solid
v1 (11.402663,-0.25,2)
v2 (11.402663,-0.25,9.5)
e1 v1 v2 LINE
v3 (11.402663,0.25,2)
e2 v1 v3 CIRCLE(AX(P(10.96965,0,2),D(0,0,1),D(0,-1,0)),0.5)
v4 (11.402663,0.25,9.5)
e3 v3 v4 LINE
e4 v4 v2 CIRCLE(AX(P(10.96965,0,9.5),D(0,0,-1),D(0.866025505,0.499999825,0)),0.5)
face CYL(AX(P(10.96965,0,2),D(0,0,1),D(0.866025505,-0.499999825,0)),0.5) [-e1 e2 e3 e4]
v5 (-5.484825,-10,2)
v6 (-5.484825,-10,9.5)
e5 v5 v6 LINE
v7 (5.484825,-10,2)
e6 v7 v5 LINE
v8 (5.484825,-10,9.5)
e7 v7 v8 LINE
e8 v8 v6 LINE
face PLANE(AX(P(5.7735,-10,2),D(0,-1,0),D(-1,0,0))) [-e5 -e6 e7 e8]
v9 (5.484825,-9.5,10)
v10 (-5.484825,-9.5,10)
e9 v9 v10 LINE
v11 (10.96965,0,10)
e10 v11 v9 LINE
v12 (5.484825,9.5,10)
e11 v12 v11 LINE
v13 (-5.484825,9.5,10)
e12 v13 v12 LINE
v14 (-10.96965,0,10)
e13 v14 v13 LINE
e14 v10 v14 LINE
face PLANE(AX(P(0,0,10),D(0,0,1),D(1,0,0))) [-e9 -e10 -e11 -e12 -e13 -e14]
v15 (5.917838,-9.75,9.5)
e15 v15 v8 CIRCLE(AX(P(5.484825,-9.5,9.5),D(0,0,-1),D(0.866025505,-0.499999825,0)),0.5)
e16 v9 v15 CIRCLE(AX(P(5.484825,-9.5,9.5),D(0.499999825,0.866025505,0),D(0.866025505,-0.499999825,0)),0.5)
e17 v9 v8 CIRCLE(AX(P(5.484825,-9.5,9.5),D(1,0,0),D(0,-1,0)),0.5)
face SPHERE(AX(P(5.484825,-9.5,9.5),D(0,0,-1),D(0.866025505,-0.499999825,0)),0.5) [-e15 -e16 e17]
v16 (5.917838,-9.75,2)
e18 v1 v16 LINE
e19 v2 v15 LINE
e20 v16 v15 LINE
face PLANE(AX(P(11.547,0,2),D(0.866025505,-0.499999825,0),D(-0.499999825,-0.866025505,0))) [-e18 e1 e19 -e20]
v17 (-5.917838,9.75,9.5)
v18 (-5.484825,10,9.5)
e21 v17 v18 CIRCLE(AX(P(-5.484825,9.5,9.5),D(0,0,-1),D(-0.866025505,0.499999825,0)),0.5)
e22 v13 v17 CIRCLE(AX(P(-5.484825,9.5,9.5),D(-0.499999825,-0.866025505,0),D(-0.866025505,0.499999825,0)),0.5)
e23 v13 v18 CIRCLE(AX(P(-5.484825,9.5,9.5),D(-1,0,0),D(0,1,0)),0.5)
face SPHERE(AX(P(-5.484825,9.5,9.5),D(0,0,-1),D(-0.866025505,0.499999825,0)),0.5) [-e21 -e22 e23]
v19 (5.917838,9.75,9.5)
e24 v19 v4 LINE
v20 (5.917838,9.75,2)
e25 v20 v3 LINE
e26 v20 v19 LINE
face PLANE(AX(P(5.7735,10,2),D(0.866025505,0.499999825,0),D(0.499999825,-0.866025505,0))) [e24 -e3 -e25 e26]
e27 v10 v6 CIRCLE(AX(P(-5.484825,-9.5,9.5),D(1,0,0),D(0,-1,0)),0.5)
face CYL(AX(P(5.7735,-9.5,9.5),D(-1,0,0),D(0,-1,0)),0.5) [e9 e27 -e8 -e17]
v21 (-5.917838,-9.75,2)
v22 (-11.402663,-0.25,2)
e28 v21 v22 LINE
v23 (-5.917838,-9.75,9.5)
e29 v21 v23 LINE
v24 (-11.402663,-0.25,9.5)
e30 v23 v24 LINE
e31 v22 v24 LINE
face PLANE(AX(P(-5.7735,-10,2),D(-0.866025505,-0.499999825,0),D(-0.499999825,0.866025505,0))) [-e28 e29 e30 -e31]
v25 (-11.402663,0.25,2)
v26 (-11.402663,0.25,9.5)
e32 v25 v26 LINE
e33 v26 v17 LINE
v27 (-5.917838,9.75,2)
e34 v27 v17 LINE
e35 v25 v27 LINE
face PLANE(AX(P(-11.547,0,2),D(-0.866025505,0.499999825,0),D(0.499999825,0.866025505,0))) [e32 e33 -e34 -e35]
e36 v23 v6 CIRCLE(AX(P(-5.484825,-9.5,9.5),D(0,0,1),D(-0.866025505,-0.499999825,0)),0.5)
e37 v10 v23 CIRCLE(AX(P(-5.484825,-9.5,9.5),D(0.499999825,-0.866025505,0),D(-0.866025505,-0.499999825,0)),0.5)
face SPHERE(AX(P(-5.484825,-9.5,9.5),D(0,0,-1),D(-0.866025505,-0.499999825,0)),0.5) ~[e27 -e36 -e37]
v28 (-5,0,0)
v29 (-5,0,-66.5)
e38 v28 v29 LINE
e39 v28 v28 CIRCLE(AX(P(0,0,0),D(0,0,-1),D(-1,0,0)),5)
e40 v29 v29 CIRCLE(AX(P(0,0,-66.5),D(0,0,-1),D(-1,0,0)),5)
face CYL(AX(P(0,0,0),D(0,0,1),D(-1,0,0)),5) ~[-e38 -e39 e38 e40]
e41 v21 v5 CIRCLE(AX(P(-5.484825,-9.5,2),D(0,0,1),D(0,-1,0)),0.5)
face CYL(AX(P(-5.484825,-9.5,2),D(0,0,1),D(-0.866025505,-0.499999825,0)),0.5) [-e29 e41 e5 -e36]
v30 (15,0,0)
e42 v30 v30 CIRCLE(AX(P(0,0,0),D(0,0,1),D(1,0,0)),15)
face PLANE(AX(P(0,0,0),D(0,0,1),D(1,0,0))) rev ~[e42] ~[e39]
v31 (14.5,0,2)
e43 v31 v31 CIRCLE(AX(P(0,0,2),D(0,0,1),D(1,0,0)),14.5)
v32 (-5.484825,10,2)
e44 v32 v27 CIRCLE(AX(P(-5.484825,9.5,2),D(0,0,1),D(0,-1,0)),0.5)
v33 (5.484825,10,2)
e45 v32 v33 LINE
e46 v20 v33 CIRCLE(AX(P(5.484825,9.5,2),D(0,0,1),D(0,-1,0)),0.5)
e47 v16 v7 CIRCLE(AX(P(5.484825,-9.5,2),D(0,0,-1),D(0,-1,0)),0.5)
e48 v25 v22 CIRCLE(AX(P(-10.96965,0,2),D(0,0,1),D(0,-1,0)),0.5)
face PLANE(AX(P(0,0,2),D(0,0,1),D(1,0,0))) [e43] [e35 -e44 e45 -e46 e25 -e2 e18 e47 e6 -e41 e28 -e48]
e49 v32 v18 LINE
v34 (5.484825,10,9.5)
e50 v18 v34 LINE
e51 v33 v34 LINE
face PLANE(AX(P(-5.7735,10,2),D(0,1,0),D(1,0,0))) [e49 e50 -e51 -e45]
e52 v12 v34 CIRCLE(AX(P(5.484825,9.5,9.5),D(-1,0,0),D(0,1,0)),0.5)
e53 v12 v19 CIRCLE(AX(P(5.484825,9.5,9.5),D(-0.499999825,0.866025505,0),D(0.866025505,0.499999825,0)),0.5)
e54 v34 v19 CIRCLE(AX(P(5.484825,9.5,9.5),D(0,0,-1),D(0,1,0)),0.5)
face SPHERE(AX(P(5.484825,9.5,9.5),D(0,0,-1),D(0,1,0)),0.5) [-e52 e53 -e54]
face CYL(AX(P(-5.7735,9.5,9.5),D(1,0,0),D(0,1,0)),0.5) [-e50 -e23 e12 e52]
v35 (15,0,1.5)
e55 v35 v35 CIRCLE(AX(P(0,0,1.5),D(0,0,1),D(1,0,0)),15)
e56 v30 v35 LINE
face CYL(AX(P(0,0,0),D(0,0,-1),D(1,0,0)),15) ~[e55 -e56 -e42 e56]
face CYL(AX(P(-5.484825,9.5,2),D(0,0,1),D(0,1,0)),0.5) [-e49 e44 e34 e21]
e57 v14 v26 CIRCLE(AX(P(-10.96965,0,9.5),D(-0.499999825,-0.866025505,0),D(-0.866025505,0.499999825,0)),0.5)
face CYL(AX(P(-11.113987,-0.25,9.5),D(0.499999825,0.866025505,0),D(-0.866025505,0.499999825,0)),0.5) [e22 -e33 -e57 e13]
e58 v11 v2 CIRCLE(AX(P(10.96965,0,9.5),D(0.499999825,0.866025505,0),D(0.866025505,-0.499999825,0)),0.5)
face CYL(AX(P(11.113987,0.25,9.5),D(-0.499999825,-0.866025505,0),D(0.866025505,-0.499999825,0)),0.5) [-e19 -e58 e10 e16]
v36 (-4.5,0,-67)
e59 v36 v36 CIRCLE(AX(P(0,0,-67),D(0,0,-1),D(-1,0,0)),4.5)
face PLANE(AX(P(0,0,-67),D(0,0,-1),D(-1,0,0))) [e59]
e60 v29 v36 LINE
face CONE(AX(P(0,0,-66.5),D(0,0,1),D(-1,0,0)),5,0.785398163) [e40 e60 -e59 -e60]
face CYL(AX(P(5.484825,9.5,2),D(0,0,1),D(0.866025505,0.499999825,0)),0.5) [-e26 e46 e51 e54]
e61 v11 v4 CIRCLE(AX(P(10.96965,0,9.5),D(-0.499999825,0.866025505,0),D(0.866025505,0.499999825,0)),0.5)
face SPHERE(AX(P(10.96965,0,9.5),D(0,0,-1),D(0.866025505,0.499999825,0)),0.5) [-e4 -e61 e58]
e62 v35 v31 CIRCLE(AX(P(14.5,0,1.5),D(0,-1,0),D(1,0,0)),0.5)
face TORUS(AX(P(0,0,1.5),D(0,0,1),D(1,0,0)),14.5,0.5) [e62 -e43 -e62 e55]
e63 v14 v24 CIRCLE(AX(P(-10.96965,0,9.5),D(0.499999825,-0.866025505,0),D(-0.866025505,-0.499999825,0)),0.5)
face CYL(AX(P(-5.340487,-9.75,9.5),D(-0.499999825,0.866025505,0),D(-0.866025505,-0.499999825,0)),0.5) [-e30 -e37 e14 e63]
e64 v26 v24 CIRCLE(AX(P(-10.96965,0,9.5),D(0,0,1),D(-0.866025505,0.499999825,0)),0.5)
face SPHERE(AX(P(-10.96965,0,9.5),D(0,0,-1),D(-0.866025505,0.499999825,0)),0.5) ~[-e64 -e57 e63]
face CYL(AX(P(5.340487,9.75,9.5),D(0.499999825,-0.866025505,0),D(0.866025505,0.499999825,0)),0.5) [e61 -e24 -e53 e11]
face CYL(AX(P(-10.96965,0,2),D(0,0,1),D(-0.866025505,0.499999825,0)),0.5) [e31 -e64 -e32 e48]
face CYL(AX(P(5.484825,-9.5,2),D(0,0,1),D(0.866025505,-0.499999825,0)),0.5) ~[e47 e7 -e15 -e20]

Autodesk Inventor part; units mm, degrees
ref_plane "YZ Plane" through (0, 0, 0) normal (1, 0, 0) x (0, 1, 0)
ref_plane "XZ Plane" through (0, 0, 0) normal (0, 1, 0) x (-1, 0, 0)
ref_plane "XY Plane" through (0, 0, 0) normal (0, 0, 1) x (1, 0, 0)
sketch "草图1" plane through (0, 0, 0) normal (0, 0, 1) x (1, 0, 0)
  circle A0 centre (0, 0) radius 15
  dimension "d0" = 30
extrude "拉伸1" add sketch "草图1" along normal blind 2
sketch "草图2" plane through (0, 0, 2) normal (0, 0, 1) x (1, 0, 0)
  line L0 (5.7735, -10) -> (-5.7735, -10)
  line L1 (-5.7735, -10) -> (-11.547, 0)
  line L2 (-11.547, 0) -> (-5.7735, 10)
  line L3 (-5.7735, 10) -> (5.7735, 10)
  line L4 (5.7735, 10) -> (11.547, 0)
  line L5 (11.547, 0) -> (5.7735, -10)
  line L6 (0, 0) -> (0, 3.0227)
  point P0 (0, 10)
  dimension "d3" = 3.0227
  dimension "d4" = 20
extrude "拉伸2" add sketch "草图2" along normal blind 8
fillet "圆角1" radius 0.5 13 edges at (-5.7735, -10, 6) (5.7735, -10, 6) (11.547, 0, 6) (5.7735, 10, 6) (-5.7735, 10, 6) (-11.547, 0, 6) (-8.6603, 5, 10) (-8.6603, -5, 10) (0, 10, 10) (8.6603, 5, 10) (8.6603, -5, 10) (0, -10, 10) (-15, 0, 2)
sketch "草图3" plane through (0, 0, 0) normal (0, 0, -1) x (-1, 0, 0)
  circle A0 centre (0, 0) radius 5
  dimension "d8" = 10
extrude "拉伸3" add sketch "草图3" along normal blind 67
thread "螺纹1" size "M10x1.5" class "6g" standard "ANSI Metric M Profile" full length
chamfer "倒角1" distance 0.5 angle 45 1 edges at (5, 0, -67)
properties part number "主动轮固定螺丝"
